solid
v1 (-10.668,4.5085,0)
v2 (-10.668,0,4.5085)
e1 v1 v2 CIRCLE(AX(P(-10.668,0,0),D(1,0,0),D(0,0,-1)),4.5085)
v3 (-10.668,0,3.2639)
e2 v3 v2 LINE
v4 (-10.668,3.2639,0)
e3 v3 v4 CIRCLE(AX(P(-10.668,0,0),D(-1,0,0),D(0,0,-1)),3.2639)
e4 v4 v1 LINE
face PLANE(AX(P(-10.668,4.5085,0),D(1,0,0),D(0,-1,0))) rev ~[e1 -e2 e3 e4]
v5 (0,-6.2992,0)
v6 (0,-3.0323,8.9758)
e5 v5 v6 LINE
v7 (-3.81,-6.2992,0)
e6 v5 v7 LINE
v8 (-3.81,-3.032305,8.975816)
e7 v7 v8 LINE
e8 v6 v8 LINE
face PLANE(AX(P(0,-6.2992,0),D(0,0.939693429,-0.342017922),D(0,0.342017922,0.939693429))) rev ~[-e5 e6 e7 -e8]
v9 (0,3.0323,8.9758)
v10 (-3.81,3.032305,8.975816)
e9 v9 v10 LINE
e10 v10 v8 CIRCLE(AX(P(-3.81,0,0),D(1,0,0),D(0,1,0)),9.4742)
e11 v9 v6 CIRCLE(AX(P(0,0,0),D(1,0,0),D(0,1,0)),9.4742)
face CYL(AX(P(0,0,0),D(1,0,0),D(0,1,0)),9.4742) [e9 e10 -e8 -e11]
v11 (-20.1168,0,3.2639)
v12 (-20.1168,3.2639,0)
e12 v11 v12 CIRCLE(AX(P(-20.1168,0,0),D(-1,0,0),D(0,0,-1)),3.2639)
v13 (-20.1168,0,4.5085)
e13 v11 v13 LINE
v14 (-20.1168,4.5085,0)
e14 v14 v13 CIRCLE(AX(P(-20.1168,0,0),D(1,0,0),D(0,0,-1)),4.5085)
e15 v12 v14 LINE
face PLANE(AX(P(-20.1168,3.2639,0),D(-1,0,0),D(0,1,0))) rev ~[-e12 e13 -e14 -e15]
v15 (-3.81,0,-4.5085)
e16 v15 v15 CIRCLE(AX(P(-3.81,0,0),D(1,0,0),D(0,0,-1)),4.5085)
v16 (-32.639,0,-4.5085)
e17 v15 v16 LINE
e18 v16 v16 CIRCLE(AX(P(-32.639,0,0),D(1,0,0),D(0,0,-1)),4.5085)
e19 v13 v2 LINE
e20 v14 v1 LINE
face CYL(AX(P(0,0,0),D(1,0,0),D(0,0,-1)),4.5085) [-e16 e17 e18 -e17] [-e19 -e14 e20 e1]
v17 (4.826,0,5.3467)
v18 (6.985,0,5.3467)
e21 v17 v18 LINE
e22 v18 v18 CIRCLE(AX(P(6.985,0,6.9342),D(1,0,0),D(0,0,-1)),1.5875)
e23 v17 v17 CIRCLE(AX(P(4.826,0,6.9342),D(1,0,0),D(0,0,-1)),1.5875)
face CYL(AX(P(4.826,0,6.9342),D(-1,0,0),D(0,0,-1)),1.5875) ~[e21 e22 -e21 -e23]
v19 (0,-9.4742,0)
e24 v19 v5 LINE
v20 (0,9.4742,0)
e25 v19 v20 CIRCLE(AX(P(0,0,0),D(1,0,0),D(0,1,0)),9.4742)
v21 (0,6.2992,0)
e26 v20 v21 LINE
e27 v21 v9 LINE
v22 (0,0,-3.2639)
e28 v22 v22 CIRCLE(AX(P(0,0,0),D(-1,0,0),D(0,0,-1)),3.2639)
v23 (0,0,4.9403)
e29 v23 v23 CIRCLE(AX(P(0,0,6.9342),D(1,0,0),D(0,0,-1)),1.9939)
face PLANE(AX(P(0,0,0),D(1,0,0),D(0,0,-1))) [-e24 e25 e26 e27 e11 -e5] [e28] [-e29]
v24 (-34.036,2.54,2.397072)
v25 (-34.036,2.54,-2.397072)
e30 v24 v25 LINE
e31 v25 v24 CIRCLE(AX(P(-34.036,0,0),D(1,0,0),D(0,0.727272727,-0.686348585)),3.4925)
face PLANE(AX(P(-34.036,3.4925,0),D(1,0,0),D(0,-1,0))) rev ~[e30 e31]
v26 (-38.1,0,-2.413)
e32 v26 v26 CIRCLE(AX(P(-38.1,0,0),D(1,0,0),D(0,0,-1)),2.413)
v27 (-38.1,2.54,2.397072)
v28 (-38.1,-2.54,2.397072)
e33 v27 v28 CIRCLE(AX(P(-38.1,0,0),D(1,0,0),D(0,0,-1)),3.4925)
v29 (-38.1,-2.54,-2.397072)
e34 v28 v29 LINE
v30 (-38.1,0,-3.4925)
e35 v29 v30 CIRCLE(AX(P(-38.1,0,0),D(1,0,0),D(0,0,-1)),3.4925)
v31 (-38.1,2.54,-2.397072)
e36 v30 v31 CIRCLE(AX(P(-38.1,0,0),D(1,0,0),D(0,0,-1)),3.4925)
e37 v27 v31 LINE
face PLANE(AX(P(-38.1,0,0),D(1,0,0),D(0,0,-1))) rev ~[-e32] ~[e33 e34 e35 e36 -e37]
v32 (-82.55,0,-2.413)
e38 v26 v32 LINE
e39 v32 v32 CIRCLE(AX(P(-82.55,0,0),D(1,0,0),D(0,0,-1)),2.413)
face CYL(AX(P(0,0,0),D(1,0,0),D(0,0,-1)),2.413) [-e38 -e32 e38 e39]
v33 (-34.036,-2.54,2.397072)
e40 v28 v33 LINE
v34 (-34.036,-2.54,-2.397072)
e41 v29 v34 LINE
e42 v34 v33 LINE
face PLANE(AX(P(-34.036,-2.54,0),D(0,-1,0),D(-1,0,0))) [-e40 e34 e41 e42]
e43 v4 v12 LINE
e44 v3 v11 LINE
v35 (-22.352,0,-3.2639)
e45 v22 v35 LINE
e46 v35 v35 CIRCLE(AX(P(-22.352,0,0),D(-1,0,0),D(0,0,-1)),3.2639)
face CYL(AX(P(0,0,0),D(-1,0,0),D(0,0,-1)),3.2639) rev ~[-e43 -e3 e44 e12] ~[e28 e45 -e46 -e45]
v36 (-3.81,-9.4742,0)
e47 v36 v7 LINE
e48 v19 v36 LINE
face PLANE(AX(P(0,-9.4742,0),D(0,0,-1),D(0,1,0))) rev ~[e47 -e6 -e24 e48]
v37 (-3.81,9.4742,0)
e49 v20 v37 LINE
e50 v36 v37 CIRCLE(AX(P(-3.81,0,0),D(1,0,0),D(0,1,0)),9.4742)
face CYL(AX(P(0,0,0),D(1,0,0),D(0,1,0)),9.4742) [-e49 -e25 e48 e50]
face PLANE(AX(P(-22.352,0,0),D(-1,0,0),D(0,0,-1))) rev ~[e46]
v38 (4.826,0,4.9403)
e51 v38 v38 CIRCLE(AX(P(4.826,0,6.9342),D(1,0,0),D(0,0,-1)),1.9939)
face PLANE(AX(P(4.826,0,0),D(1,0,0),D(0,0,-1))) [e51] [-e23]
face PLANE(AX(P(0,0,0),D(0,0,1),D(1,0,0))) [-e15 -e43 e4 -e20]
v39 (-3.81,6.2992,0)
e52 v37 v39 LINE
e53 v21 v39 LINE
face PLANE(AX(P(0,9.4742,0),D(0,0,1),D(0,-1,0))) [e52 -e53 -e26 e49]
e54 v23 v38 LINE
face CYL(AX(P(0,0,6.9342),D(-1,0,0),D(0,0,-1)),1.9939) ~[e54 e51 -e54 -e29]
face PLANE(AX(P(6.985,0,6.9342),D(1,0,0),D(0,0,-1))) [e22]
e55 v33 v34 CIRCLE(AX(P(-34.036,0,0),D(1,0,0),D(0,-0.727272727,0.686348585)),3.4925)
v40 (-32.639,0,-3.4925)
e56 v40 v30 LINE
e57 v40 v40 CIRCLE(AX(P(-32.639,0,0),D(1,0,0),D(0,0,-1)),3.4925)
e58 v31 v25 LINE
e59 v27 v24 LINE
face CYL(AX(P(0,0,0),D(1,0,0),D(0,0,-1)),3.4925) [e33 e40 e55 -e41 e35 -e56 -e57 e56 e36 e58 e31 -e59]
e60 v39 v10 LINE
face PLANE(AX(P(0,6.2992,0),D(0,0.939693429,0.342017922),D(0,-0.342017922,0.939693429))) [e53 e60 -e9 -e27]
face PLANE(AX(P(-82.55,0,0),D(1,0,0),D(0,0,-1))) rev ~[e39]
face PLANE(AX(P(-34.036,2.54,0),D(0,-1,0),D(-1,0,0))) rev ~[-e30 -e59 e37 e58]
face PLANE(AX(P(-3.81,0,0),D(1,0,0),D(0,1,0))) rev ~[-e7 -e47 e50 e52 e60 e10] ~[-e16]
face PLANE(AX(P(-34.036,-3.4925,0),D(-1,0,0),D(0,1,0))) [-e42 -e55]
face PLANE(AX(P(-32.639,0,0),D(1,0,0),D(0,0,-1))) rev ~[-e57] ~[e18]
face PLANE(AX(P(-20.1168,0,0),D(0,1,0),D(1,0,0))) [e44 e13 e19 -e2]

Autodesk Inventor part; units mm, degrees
ref_plane "YZ Plane" through (0, 0, 0) normal (1, 0, 0) x (0, 1, 0)
ref_plane "XZ Plane" through (0, 0, 0) normal (0, 1, 0) x (-1, 0, 0)
ref_plane "XY Plane" through (0, 0, 0) normal (0, 0, 1) x (1, 0, 0)
sketch "Sketch1" plane through (0, 0, 0) normal (1, 0, 0) x (0, 1, 0)
  circle A0 centre (0, 0) radius 9.4742
  dimension "d0" = 9.4742
extrude "Extrusion1" add sketch "Sketch1" against normal blind 3.81
sketch "Sketch2" plane through (0, 0, 0) normal (1, 0, 0) x (0, 0, -1)
  circle A0 centre (0, 0) radius 9.4742 projected
  circle A1 centre (0, 0) radius 4.5085
  dimension "d4" = 9.017
extrude "Extrusion2" add sketch "Sketch2" against normal blind 32.639 contours A1
sketch "Sketch3" plane through (0, 0, 0) normal (1, 0, 0) x (0, 0, -1)
  circle A0 centre (0, 0) radius 9.4742 projected
  circle A1 centre (0, 0) radius 3.4925
  dimension "d9" = 6.985
extrude "Extrusion3" add sketch "Sketch3" against normal blind 38.1 contours A1
sketch "Sketch4" plane through (0, 0, 0) normal (1, 0, 0) x (0, 0, -1)
  circle A0 centre (0, 0) radius 9.4742 projected
  circle A1 centre (0, 0) radius 2.413
  dimension "d13" = 4.826
extrude "Extrusion4" add sketch "Sketch4" against normal blind 82.55 contours A1
sketch "Sketch5" plane through (0, 0, 0) normal (0, 0, 1) x (1, 0, 0)
  line L0 (-3.81, 9.4742) -> (0, 9.4742) projected
  line L1 (0, 9.4742) -> (0, -9.4742) projected
  line L2 (0, -9.4742) -> (-3.81, -9.4742) projected
  line L3 (-3.81, -9.4742) -> (-3.81, -4.5085) projected
  line L4 (-3.81, -4.5085) -> (-32.639, -4.5085) projected
  line L5 (-32.639, -4.5085) -> (-32.639, -3.4925) projected
  line L6 (-32.639, -3.4925) -> (-38.1, -3.4925) projected
  line L7 (-38.1, -3.4925) -> (-38.1, -2.413) projected
  line L8 (-38.1, -2.413) -> (-82.55, -2.413) projected
  line L9 (-82.55, -2.413) -> (-82.55, 2.413) projected
  line L10 (-82.55, 2.413) -> (-38.1, 2.413) projected
  line L11 (-38.1, 2.413) -> (-38.1, 3.4925) projected
  line L12 (-38.1, 3.4925) -> (-32.639, 3.4925) projected
  line L13 (-32.639, 3.4925) -> (-32.639, 4.5085) projected
  line L14 (-32.639, 4.5085) -> (-3.81, 4.5085) projected
  line L15 (-3.81, 4.5085) -> (-3.81, 9.4742) projected
  line L16 (-38.1, 3.4925) -> (-34.036, 3.4925)
  line L17 (-34.036, 3.4925) -> (-34.036, 2.54)
  line L18 (-34.036, 2.54) -> (-38.1, 2.54)
  line L19 (-38.1, 2.54) -> (-38.1, 3.4925)
  line L20 (-38.1, -3.4925) -> (-34.036, -3.4925)
  line L21 (-34.036, -3.4925) -> (-34.036, -2.54)
  line L22 (-34.036, -2.54) -> (-38.1, -2.54)
  line L23 (-38.1, -2.54) -> (-38.1, -3.4925)
  point P0 (0, 0)
  dimension "d17" = 34.036
  dimension "d18" = 5.08
extrude "Extrusion5" cut sketch "Sketch5" along normal through all both and the other way through all contours L17 L18 L11 L12 | L6 L7 L22 L21
thread "Thread1" size "10-24 UNC" class "2A" standard "ANSI Unified Screw Threads" length 13.97
sketch "Sketch6" plane through (0, 0, 0) normal (1, 0, 0) x (0, 0, -1)
  circle A0 centre (0, 0) radius 9.4742 projected
hole "Hole1" at (0, 0, 0) direction (-1, 0, 0) diameter 6.5278 depth 22.352
sketch "Sketch7" plane through (0, 0, 0) normal (0, 0, 1) x (1, 0, 0)
  line L0 (-3.81, 9.4742) -> (0, 9.4742) projected
  line L1 (0, 9.4742) -> (0, 3.2639) projected
  line L2 (0, 3.2639) -> (-22.352, 3.2639) projected
  line L3 (-22.352, 3.2639) -> (-22.352, -3.2639) projected
  line L4 (-22.352, -3.2639) -> (0, -3.2639) projected
  line L5 (0, -3.2639) -> (0, -9.4742) projected
  line L6 (0, -9.4742) -> (-3.81, -9.4742) projected
  line L7 (-3.81, -9.4742) -> (-3.81, -4.5085) projected
  line L8 (-3.81, -4.5085) -> (-32.639, -4.5085) projected
  line L9 (-32.639, -4.5085) -> (-32.639, -3.4925) projected
  line L10 (-32.639, -3.4925) -> (-34.036, -3.4925) projected
  line L11 (-34.036, -3.4925) -> (-34.036, -2.54) projected
  line L12 (-34.036, -2.54) -> (-38.1, -2.54) projected
  line L13 (-38.1, -2.54) -> (-38.1, -2.413) projected
  line L14 (-38.1, -2.413) -> (-82.55, -2.413) projected
  line L15 (-82.55, -2.413) -> (-82.55, 2.413) projected
  line L16 (-82.55, 2.413) -> (-38.1, 2.413) projected
  line L17 (-38.1, 2.413) -> (-38.1, 2.54) projected
  line L18 (-38.1, 2.54) -> (-34.036, 2.54) projected
  line L19 (-34.036, 2.54) -> (-34.036, 3.4925) projected
  line L20 (-34.036, 3.4925) -> (-32.639, 3.4925) projected
  line L21 (-32.639, 3.4925) -> (-32.639, 4.5085) projected
  line L22 (-32.639, 4.5085) -> (-3.81, 4.5085) projected
  line L23 (-3.81, 4.5085) -> (-3.81, 9.4742) projected
  line L24 (-65.532, 0) -> (10.922, 0) projected
  line L25 (-10.668, 0) -> (-20.1168, 0)
  line L26 (-20.1168, 0) -> (-20.1168, 4.5085)
  line L27 (-20.1168, 4.5085) -> (-10.668, 4.5085)
  line L28 (-10.668, 4.5085) -> (-10.668, 0)
  point P0 (0, 0)
  dimension "d30" = 10.668
  dimension "d31" = 20.1168
extrude "Extrusion6" cut sketch "Sketch7" along normal through all contours L28 L2 L26 L22 | L28 L24 L26 L2
sketch "Sketch8" plane through (0, 0, 0) normal (1, 0, 0) x (0, 0, -1)
  circle A0 centre (0, 0) radius 3.2639 projected
  circle A1 centre (0, 0) radius 9.4742 projected
  line L0 (0, -9.4742) -> (0, -6.2992)
  line L1 (0, -6.2992) -> (-8.9758, -3.0323)
  line L2 (0, 0) -> (-9.4742, 0)
  line L3 (0, 9.4742) -> (0, 6.2992)
  line L4 (0, 6.2992) -> (-8.9758, 3.0323)
  dimension "d34" = 3.175
  dimension "d36" = 110
extrude "Extrusion7" cut sketch "Sketch8" against normal through all contours A1 L3 L4 | L1 L0 A1
sketch "Sketch9" plane through (0, 0, 0) normal (1, 0, 0) x (0, 0, -1)
  arc A0 (0, -9.4742) -> (0, 9.4742) centre (0, 0) ccw projected
  circle A1 centre (-6.9342, 0) radius 1.9939
  dimension "d43" = 6.9342
  dimension "d47" = 3.9878
extrude "Extrusion8" add sketch "Sketch9" along normal blind 4.826
sketch "Sketch10" plane through (4.826, 0, 6.9342) normal (1, 0, 0) x (0, 0, -1)
  circle A0 centre (0, 0) radius 1.9939 projected
  circle A1 centre (0, 0) radius 1.5875
  point P0 (6.9342, 0)
  dimension "d49" = 3.175
extrude "Extrusion9" add sketch "Sketch10" along normal blind 2.159 contours A1
properties part number "Crankshaft" material "Steel"
